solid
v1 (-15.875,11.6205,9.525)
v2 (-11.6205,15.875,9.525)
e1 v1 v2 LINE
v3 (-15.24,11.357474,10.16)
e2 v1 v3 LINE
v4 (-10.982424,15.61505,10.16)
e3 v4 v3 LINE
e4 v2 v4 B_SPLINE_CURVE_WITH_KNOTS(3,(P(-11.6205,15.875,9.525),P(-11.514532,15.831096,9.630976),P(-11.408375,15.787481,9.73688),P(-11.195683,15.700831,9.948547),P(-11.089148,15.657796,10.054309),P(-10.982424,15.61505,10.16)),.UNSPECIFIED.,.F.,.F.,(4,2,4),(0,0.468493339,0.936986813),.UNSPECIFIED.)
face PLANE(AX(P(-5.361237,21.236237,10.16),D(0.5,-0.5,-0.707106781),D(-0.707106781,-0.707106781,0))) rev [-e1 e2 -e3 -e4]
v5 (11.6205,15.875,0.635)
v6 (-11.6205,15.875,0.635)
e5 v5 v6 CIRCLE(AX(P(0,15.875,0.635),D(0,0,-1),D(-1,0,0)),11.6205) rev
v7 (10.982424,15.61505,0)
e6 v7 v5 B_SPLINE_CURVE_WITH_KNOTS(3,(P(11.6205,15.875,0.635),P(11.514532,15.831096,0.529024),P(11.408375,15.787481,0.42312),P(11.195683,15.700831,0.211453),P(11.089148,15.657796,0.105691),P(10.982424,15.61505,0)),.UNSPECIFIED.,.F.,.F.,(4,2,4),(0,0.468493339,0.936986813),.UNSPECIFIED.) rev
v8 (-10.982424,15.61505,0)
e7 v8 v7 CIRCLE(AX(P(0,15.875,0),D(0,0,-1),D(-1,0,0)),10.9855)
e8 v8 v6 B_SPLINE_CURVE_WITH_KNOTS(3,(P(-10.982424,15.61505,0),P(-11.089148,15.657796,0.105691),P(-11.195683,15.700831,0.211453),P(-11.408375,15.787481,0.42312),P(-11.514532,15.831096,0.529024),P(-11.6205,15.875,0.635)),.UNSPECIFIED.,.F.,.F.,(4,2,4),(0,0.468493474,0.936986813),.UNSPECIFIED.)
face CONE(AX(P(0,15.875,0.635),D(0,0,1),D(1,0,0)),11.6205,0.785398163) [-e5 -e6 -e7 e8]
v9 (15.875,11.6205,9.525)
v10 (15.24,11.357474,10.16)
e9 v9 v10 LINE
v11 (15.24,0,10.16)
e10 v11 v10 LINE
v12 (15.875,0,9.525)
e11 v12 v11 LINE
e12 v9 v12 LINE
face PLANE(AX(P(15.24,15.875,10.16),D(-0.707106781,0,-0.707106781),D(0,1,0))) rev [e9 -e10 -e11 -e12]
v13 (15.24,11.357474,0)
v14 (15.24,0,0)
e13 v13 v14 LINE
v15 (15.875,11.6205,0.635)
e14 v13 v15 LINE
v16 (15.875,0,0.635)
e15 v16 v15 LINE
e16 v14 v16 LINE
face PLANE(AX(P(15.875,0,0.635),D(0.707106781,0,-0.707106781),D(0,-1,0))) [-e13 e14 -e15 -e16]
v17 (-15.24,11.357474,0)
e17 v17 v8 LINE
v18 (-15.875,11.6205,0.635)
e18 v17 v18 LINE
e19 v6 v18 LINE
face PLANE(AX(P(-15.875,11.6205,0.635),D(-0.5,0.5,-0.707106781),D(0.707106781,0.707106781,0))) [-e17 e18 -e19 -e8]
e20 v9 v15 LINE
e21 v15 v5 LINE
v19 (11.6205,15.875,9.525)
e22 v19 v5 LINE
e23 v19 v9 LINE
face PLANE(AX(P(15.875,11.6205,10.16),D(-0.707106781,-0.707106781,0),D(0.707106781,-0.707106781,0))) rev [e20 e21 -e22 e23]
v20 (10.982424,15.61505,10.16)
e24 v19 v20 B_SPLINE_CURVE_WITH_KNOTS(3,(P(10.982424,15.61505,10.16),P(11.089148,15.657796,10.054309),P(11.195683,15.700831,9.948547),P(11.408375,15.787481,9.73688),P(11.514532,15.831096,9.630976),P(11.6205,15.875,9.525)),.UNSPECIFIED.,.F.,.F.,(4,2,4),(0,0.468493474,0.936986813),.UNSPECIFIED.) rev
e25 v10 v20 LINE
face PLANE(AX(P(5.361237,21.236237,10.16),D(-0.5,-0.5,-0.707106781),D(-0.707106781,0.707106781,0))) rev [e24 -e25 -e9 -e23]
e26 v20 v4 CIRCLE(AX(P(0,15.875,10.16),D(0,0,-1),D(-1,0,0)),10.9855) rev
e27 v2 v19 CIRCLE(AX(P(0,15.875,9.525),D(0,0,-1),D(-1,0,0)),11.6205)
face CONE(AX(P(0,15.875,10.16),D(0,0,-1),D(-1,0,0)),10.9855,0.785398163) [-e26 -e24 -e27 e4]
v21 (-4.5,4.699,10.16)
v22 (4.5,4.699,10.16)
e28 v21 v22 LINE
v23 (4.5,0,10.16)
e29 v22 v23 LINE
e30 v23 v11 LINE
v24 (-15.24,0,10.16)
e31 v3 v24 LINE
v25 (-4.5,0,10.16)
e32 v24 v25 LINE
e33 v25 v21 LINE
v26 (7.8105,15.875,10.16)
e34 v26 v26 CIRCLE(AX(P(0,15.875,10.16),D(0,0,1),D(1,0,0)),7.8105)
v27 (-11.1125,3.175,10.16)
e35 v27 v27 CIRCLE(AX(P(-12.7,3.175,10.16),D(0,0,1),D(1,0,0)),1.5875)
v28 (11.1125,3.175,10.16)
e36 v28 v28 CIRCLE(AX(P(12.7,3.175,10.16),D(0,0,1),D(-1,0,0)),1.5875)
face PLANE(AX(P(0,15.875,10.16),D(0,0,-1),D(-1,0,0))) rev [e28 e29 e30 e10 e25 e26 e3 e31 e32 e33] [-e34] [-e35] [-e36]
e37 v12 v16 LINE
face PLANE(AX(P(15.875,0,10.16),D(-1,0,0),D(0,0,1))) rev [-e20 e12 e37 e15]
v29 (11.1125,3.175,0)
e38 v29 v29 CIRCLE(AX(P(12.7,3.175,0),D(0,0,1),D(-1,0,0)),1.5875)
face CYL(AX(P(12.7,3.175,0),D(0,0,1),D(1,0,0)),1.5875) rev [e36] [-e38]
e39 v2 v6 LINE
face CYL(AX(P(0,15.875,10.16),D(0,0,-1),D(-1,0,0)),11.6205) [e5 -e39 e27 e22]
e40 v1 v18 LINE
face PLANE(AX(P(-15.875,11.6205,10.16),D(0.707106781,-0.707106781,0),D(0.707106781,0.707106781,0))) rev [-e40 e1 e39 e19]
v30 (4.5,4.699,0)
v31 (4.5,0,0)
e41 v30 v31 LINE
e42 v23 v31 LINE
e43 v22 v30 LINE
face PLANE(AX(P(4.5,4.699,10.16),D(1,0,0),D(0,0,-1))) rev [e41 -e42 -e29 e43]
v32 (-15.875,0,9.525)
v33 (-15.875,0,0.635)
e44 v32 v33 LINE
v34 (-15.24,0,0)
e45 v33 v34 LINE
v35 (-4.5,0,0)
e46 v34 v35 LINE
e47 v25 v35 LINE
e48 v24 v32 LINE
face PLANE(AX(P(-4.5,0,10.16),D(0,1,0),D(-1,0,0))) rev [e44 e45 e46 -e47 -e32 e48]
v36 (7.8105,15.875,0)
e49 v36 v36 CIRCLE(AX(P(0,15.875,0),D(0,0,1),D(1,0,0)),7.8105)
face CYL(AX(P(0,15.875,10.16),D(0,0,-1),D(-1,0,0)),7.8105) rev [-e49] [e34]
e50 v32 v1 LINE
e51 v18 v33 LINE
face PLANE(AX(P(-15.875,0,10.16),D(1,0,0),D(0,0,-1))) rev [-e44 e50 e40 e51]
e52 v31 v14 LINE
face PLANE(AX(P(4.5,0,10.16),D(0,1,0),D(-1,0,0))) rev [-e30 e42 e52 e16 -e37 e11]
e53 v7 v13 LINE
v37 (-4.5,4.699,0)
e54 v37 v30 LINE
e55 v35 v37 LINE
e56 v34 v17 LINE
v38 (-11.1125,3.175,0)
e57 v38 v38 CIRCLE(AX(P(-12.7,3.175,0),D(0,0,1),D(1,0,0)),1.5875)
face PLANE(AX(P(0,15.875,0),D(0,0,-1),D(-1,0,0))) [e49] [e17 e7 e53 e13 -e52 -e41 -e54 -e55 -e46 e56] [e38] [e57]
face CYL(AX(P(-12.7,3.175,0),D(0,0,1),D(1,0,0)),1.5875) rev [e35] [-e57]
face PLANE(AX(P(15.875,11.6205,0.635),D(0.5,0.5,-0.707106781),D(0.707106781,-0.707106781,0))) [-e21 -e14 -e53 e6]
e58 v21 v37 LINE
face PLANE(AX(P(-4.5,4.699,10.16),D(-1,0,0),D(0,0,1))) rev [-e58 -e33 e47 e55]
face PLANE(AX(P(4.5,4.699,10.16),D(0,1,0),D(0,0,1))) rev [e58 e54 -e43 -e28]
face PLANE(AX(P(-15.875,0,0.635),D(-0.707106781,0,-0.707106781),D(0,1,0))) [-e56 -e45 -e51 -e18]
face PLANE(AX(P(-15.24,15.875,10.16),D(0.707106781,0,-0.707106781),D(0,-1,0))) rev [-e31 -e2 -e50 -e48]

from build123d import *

# Parameters (mm, degrees)
SKETCH1_R           = 7.8105
BOSS_EXTRUDE1_DEPTH = 10.16
CHAMFER2_SIZE       = 0.635
SKETCH2_R           = 1.5875
CUT_EXTRUDE1_DEPTH  = 34.335322786


with BuildPart() as part:
    # Sketch1 → Boss-Extrude1 (new body)
    with BuildSketch(Plane.XY):
        with BuildLine():
            Line((4.5, 4.699), (-4.5, 4.699))
            Line((-4.5, 4.699), (-4.5, 0))
            Line((-4.5, 0), (-15.875, 0))
            Line((-15.875, 0), (-15.875, 11.6205))
            Line((-15.875, 11.6205), (-11.6205, 15.875))
            ThreePointArc((-11.6205, 15.875), (0, 27.4955), (11.6205, 15.875))
            Line((11.6205, 15.875), (15.875, 11.6205))
            Line((15.875, 11.6205), (15.875, 0))
            Line((15.875, 0), (4.5, 0))
            Line((4.5, 0), (4.5, 4.699))
        make_face()
        with Locations((0, 15.875)):
            Circle(SKETCH1_R, mode=Mode.SUBTRACT)
    extrude(amount=BOSS_EXTRUDE1_DEPTH)

    # Chamfer2
    chamfer2_edges = [part.edges().sort_by_distance(p)[0] for p in [
        (-13.74775, 13.74775, 0),
        (0, 27.4955, 0),
        (13.74775, 13.74775, 0),
        (15.875, 5.81025, 0),
        (15.875, 5.81025, 10.16),
        (13.74775, 13.74775, 10.16),
        (0, 27.4955, 10.16),
        (-13.74775, 13.74775, 10.16),
        (-15.875, 5.81025, 10.16),
        (-15.875, 5.81025, 0),
    ]]
    chamfer(chamfer2_edges, length=CHAMFER2_SIZE)

    # Sketch2 → Cut-Extrude1 (cut, through all)
    with BuildSketch(Plane.XY.offset(10.16)):
        with Locations((-12.7, 3.175)):
            Circle(SKETCH2_R)
        with Locations(Location((12.7, 3.175, 0), (0, 0, 180))):
            Circle(SKETCH2_R)
    extrude(amount=-CUT_EXTRUDE1_DEPTH, mode=Mode.SUBTRACT)


solid = part.part
